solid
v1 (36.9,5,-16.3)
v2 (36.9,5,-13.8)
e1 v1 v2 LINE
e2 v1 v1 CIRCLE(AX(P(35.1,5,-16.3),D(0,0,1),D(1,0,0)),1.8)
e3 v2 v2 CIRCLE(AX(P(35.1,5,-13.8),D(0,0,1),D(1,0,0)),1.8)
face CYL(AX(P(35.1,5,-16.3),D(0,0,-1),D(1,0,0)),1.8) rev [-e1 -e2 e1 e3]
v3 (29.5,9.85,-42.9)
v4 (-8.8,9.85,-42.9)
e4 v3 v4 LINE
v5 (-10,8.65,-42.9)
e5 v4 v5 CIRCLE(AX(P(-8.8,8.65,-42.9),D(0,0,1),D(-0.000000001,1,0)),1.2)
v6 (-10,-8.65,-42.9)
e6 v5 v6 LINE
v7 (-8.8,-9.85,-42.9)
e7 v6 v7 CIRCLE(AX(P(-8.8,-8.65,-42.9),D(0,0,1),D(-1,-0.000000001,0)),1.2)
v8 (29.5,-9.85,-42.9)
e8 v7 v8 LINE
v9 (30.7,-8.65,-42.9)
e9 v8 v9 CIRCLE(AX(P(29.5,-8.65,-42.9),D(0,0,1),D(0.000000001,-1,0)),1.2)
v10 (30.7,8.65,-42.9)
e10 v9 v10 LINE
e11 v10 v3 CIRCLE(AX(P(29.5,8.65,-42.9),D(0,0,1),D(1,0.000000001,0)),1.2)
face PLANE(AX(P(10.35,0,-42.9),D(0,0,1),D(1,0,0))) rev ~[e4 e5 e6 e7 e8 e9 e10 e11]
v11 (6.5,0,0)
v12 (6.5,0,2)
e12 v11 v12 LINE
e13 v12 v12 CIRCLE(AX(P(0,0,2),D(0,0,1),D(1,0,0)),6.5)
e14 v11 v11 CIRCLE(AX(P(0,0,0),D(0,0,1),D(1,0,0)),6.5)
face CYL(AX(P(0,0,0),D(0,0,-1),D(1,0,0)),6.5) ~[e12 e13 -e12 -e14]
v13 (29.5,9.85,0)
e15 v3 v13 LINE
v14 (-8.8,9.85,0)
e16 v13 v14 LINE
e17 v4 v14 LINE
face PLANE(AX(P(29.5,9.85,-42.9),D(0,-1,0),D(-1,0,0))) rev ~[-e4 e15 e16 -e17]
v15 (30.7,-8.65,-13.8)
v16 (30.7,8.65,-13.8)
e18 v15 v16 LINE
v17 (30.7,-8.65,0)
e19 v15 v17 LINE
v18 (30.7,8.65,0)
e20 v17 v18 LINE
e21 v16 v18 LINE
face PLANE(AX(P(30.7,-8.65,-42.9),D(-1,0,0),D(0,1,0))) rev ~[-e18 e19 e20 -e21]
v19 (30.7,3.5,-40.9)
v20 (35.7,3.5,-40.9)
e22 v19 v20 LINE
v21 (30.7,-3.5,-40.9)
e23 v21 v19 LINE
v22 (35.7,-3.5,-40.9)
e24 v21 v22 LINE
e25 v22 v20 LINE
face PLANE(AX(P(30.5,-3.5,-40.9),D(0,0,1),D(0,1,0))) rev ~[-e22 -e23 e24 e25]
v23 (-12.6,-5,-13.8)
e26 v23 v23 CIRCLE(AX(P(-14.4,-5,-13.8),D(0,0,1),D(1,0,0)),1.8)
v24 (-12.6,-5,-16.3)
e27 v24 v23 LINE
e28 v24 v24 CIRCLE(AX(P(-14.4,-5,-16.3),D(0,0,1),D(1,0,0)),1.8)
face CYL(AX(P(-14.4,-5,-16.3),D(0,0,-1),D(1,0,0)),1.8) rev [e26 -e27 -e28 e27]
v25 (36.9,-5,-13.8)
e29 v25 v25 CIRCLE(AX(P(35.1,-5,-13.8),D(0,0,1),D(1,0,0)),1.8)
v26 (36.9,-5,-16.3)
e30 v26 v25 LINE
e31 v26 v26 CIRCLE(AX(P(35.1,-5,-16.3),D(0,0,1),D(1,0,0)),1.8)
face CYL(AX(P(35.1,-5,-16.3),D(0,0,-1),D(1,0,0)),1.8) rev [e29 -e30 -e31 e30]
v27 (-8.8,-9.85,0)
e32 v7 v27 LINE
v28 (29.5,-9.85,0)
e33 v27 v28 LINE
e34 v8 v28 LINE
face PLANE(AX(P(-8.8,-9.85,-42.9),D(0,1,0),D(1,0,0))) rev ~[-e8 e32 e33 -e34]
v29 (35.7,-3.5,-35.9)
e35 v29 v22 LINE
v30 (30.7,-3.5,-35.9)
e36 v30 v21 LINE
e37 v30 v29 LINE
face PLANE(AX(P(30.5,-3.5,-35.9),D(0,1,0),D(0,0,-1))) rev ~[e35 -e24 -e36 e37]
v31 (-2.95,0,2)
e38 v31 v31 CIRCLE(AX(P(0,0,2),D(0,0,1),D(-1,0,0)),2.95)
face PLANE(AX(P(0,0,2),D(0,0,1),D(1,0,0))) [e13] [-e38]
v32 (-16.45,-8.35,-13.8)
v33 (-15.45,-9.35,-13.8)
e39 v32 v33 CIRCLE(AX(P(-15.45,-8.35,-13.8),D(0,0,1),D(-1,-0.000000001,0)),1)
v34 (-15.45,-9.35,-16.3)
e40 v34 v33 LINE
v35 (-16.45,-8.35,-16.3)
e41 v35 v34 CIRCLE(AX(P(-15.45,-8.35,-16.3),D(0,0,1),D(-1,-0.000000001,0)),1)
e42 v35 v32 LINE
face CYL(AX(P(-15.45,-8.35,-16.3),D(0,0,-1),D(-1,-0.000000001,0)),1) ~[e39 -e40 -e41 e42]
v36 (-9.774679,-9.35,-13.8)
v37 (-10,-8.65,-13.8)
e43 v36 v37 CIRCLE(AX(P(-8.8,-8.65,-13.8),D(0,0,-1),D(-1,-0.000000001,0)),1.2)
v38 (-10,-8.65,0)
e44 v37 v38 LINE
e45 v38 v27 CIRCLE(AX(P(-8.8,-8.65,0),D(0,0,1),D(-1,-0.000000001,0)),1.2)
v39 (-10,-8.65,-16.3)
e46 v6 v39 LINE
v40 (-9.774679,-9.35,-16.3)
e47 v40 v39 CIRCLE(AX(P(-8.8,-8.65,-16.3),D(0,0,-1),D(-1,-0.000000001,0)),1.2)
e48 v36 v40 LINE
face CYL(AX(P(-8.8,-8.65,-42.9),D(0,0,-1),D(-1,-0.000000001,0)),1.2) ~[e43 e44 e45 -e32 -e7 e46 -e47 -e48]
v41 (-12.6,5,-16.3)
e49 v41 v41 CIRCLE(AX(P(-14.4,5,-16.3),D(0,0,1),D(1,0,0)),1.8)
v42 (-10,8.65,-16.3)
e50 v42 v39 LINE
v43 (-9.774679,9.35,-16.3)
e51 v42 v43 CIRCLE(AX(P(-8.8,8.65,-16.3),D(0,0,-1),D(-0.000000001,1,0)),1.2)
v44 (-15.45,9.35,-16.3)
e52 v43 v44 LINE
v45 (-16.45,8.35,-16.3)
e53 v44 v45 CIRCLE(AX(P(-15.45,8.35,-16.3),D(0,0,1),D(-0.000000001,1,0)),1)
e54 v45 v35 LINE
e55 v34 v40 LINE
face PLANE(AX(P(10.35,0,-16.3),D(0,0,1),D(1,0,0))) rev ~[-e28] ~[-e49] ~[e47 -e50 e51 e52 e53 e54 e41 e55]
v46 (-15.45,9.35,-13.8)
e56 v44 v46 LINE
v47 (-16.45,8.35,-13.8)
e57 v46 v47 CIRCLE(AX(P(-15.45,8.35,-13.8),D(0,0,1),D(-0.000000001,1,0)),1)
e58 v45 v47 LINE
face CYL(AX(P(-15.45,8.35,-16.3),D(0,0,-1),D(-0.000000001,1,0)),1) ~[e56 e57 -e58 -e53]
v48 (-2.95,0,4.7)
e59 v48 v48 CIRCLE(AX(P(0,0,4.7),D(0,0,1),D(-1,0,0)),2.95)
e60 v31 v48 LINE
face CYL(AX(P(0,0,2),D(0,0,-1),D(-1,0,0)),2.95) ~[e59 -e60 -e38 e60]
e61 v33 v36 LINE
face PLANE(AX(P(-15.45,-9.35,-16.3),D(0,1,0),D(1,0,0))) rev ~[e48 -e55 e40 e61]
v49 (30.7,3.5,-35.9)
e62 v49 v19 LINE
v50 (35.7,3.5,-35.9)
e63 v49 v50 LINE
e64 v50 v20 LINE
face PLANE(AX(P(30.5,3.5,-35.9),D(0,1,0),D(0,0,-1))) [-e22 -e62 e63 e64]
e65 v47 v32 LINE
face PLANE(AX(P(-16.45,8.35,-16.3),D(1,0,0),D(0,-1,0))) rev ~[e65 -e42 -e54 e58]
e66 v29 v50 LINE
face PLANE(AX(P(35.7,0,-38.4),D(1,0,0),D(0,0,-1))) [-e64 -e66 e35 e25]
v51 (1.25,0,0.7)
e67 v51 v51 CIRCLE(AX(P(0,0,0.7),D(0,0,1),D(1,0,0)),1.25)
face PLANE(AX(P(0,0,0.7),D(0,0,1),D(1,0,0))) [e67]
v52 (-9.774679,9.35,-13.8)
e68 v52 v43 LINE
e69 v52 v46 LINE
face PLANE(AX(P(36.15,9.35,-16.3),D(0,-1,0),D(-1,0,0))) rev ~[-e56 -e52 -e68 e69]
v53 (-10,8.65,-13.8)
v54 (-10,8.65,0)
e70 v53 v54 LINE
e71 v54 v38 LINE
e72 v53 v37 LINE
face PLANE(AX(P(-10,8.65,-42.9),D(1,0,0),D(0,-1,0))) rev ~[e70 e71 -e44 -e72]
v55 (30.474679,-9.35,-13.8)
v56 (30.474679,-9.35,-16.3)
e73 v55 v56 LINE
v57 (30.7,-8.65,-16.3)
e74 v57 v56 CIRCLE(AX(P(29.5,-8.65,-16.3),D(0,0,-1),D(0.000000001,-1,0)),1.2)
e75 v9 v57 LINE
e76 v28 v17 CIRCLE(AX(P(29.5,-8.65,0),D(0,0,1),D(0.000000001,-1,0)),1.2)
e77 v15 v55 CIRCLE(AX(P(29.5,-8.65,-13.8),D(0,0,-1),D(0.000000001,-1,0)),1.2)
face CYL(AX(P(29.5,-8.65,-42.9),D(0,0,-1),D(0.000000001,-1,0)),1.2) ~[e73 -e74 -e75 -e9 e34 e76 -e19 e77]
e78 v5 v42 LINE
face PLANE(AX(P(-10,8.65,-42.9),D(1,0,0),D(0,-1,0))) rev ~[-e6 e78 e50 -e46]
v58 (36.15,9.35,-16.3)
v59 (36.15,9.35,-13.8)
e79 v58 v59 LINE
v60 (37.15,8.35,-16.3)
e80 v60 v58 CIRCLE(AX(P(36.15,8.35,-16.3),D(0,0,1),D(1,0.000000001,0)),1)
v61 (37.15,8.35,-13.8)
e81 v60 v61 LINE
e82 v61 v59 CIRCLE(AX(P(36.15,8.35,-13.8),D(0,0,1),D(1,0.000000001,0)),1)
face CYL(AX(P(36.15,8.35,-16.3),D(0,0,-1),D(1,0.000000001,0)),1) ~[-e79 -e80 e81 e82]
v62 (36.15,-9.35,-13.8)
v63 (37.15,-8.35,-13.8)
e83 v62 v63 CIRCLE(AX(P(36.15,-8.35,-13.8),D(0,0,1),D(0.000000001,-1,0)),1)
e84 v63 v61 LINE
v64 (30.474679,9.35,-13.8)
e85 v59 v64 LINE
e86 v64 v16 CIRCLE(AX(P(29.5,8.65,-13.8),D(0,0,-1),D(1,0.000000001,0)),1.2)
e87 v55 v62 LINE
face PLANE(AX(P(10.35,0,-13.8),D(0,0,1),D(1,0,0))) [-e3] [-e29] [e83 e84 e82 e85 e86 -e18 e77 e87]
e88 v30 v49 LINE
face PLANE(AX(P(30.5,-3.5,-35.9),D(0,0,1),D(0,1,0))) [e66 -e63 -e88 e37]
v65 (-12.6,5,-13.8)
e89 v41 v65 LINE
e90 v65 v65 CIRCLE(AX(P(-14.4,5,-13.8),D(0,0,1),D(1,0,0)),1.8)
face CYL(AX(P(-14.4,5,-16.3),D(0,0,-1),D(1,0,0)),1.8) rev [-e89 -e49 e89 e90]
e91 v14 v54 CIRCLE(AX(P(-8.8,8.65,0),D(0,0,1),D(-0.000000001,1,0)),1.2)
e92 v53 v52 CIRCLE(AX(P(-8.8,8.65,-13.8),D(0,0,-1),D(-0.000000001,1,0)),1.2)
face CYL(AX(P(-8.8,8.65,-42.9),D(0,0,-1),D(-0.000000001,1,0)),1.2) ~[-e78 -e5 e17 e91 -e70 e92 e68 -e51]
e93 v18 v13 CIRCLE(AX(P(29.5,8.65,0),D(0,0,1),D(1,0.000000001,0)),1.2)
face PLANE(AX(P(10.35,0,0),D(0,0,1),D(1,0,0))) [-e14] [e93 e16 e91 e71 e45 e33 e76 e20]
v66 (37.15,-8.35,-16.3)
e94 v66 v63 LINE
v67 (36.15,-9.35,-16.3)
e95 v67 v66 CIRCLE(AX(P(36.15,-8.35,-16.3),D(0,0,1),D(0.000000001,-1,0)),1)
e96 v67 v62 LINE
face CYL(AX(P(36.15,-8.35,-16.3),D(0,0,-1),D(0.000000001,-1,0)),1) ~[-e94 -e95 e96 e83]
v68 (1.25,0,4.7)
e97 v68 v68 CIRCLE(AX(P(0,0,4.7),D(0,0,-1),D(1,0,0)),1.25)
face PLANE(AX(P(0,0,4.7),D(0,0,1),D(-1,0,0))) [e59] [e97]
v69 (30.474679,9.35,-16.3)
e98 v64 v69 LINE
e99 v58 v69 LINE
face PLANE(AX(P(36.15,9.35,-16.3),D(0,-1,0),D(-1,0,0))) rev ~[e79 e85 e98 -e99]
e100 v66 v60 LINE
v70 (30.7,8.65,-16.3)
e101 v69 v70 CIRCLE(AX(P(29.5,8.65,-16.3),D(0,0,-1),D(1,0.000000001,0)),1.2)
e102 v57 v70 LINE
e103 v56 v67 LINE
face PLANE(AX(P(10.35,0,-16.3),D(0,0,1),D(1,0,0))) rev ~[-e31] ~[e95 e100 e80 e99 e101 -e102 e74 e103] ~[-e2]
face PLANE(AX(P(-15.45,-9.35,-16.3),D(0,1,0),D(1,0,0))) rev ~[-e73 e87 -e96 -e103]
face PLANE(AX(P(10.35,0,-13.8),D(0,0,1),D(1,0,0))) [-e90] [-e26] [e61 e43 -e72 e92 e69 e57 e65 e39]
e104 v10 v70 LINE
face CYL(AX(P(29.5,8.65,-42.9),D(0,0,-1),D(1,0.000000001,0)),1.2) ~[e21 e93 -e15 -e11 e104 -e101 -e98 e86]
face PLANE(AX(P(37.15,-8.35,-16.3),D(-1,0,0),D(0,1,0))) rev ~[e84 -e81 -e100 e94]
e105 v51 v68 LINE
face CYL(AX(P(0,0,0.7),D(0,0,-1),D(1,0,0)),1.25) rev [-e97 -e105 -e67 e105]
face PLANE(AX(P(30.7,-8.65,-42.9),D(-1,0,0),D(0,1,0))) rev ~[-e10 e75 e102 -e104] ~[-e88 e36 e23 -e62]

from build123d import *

# Parameters (mm, degrees)
CASE_START   = -42.9
CASE_2_DEPTH = 42.9
TABS_START   = -16.3
SKETCH2_R    = 1.8
TABS_DEPTH   = 2.5
SKETCH3_R    = 6.5
BOSS_DEPTH   = 2
SPLINE_START = 2
SKETCH4_R    = 2.95
SPLINE_DEPTH = 2.7
M3_START     = 0.7
SKETCH5_R    = 1.25
M3_TAP_DEPTH = 4.1
LEAD_START   = 30.5
SKETCH6_W    = 5
SKETCH6_H    = 7
LEAD_DEPTH   = 5.2


with BuildPart() as part:
    # Sketch1 → Case 2 (new body)
    with BuildSketch(Plane.XY.offset(CASE_START)):
        with BuildLine():
            Line((-8.8, -9.85), (29.5, -9.85))
            ThreePointArc((29.5, -9.85), (30.348528137, -9.498528137), (30.7, -8.65))
            Line((30.7, -8.65), (30.7, 8.65))
            ThreePointArc((30.7, 8.65), (30.348528137, 9.498528137), (29.5, 9.85))
            Line((29.5, 9.85), (-8.8, 9.85))
            ThreePointArc((-8.8, 9.85), (-9.648528137, 9.498528137), (-10, 8.65))
            Line((-10, 8.65), (-10, -8.65))
            ThreePointArc((-10, -8.65), (-9.648528137, -9.498528137), (-8.8, -9.85))
        make_face()
    extrude(amount=CASE_2_DEPTH)

    # Sketch2 → Tabs (add)
    with BuildSketch(Plane.XY.offset(TABS_START)):
        with BuildLine():
            Line((-15.45, -9.35), (36.15, -9.35))
            ThreePointArc((36.15, -9.35), (36.857106781, -9.057106781), (37.15, -8.35))
            Line((37.15, -8.35), (37.15, 8.35))
            ThreePointArc((37.15, 8.35), (36.857106781, 9.057106781), (36.15, 9.35))
            Line((36.15, 9.35), (-15.45, 9.35))
            ThreePointArc((-15.45, 9.35), (-16.157106781, 9.057106781), (-16.45, 8.35))
            Line((-16.45, 8.35), (-16.45, -8.35))
            ThreePointArc((-16.45, -8.35), (-16.157106781, -9.057106781), (-15.45, -9.35))
        make_face()
        with Locations((-14.4, -5)):
            Circle(SKETCH2_R, mode=Mode.SUBTRACT)
        with Locations((-14.4, 5)):
            Circle(SKETCH2_R, mode=Mode.SUBTRACT)
        with Locations((35.1, -5)):
            Circle(SKETCH2_R, mode=Mode.SUBTRACT)
        with Locations((35.1, 5)):
            Circle(SKETCH2_R, mode=Mode.SUBTRACT)
    extrude(amount=TABS_DEPTH)

    # Sketch3 → Boss (add)
    with BuildSketch(Plane.XY):
        Circle(SKETCH3_R)
    extrude(amount=BOSS_DEPTH)

    # Sketch4 → Spline (add)
    with BuildSketch(Plane.XY.offset(SPLINE_START)):
        with Locations(Location((0, 0, 0), (0, 0, 180))):
            Circle(SKETCH4_R)
    extrude(amount=SPLINE_DEPTH)

    # Sketch5 → M3 tap (cut)
    with BuildSketch(Plane.XY.offset(M3_START)):
        Circle(SKETCH5_R)
    extrude(amount=M3_TAP_DEPTH, mode=Mode.SUBTRACT)

    # Sketch6 → Lead (add)
    with BuildSketch(Plane(origin=(0, 0, 0), x_dir=(0, 0, -1), z_dir=(1, 0, 0)).offset(LEAD_START)):
        with Locations((38.4, 0)):
            Rectangle(SKETCH6_W, SKETCH6_H)
    extrude(amount=LEAD_DEPTH)


solid = part.part
